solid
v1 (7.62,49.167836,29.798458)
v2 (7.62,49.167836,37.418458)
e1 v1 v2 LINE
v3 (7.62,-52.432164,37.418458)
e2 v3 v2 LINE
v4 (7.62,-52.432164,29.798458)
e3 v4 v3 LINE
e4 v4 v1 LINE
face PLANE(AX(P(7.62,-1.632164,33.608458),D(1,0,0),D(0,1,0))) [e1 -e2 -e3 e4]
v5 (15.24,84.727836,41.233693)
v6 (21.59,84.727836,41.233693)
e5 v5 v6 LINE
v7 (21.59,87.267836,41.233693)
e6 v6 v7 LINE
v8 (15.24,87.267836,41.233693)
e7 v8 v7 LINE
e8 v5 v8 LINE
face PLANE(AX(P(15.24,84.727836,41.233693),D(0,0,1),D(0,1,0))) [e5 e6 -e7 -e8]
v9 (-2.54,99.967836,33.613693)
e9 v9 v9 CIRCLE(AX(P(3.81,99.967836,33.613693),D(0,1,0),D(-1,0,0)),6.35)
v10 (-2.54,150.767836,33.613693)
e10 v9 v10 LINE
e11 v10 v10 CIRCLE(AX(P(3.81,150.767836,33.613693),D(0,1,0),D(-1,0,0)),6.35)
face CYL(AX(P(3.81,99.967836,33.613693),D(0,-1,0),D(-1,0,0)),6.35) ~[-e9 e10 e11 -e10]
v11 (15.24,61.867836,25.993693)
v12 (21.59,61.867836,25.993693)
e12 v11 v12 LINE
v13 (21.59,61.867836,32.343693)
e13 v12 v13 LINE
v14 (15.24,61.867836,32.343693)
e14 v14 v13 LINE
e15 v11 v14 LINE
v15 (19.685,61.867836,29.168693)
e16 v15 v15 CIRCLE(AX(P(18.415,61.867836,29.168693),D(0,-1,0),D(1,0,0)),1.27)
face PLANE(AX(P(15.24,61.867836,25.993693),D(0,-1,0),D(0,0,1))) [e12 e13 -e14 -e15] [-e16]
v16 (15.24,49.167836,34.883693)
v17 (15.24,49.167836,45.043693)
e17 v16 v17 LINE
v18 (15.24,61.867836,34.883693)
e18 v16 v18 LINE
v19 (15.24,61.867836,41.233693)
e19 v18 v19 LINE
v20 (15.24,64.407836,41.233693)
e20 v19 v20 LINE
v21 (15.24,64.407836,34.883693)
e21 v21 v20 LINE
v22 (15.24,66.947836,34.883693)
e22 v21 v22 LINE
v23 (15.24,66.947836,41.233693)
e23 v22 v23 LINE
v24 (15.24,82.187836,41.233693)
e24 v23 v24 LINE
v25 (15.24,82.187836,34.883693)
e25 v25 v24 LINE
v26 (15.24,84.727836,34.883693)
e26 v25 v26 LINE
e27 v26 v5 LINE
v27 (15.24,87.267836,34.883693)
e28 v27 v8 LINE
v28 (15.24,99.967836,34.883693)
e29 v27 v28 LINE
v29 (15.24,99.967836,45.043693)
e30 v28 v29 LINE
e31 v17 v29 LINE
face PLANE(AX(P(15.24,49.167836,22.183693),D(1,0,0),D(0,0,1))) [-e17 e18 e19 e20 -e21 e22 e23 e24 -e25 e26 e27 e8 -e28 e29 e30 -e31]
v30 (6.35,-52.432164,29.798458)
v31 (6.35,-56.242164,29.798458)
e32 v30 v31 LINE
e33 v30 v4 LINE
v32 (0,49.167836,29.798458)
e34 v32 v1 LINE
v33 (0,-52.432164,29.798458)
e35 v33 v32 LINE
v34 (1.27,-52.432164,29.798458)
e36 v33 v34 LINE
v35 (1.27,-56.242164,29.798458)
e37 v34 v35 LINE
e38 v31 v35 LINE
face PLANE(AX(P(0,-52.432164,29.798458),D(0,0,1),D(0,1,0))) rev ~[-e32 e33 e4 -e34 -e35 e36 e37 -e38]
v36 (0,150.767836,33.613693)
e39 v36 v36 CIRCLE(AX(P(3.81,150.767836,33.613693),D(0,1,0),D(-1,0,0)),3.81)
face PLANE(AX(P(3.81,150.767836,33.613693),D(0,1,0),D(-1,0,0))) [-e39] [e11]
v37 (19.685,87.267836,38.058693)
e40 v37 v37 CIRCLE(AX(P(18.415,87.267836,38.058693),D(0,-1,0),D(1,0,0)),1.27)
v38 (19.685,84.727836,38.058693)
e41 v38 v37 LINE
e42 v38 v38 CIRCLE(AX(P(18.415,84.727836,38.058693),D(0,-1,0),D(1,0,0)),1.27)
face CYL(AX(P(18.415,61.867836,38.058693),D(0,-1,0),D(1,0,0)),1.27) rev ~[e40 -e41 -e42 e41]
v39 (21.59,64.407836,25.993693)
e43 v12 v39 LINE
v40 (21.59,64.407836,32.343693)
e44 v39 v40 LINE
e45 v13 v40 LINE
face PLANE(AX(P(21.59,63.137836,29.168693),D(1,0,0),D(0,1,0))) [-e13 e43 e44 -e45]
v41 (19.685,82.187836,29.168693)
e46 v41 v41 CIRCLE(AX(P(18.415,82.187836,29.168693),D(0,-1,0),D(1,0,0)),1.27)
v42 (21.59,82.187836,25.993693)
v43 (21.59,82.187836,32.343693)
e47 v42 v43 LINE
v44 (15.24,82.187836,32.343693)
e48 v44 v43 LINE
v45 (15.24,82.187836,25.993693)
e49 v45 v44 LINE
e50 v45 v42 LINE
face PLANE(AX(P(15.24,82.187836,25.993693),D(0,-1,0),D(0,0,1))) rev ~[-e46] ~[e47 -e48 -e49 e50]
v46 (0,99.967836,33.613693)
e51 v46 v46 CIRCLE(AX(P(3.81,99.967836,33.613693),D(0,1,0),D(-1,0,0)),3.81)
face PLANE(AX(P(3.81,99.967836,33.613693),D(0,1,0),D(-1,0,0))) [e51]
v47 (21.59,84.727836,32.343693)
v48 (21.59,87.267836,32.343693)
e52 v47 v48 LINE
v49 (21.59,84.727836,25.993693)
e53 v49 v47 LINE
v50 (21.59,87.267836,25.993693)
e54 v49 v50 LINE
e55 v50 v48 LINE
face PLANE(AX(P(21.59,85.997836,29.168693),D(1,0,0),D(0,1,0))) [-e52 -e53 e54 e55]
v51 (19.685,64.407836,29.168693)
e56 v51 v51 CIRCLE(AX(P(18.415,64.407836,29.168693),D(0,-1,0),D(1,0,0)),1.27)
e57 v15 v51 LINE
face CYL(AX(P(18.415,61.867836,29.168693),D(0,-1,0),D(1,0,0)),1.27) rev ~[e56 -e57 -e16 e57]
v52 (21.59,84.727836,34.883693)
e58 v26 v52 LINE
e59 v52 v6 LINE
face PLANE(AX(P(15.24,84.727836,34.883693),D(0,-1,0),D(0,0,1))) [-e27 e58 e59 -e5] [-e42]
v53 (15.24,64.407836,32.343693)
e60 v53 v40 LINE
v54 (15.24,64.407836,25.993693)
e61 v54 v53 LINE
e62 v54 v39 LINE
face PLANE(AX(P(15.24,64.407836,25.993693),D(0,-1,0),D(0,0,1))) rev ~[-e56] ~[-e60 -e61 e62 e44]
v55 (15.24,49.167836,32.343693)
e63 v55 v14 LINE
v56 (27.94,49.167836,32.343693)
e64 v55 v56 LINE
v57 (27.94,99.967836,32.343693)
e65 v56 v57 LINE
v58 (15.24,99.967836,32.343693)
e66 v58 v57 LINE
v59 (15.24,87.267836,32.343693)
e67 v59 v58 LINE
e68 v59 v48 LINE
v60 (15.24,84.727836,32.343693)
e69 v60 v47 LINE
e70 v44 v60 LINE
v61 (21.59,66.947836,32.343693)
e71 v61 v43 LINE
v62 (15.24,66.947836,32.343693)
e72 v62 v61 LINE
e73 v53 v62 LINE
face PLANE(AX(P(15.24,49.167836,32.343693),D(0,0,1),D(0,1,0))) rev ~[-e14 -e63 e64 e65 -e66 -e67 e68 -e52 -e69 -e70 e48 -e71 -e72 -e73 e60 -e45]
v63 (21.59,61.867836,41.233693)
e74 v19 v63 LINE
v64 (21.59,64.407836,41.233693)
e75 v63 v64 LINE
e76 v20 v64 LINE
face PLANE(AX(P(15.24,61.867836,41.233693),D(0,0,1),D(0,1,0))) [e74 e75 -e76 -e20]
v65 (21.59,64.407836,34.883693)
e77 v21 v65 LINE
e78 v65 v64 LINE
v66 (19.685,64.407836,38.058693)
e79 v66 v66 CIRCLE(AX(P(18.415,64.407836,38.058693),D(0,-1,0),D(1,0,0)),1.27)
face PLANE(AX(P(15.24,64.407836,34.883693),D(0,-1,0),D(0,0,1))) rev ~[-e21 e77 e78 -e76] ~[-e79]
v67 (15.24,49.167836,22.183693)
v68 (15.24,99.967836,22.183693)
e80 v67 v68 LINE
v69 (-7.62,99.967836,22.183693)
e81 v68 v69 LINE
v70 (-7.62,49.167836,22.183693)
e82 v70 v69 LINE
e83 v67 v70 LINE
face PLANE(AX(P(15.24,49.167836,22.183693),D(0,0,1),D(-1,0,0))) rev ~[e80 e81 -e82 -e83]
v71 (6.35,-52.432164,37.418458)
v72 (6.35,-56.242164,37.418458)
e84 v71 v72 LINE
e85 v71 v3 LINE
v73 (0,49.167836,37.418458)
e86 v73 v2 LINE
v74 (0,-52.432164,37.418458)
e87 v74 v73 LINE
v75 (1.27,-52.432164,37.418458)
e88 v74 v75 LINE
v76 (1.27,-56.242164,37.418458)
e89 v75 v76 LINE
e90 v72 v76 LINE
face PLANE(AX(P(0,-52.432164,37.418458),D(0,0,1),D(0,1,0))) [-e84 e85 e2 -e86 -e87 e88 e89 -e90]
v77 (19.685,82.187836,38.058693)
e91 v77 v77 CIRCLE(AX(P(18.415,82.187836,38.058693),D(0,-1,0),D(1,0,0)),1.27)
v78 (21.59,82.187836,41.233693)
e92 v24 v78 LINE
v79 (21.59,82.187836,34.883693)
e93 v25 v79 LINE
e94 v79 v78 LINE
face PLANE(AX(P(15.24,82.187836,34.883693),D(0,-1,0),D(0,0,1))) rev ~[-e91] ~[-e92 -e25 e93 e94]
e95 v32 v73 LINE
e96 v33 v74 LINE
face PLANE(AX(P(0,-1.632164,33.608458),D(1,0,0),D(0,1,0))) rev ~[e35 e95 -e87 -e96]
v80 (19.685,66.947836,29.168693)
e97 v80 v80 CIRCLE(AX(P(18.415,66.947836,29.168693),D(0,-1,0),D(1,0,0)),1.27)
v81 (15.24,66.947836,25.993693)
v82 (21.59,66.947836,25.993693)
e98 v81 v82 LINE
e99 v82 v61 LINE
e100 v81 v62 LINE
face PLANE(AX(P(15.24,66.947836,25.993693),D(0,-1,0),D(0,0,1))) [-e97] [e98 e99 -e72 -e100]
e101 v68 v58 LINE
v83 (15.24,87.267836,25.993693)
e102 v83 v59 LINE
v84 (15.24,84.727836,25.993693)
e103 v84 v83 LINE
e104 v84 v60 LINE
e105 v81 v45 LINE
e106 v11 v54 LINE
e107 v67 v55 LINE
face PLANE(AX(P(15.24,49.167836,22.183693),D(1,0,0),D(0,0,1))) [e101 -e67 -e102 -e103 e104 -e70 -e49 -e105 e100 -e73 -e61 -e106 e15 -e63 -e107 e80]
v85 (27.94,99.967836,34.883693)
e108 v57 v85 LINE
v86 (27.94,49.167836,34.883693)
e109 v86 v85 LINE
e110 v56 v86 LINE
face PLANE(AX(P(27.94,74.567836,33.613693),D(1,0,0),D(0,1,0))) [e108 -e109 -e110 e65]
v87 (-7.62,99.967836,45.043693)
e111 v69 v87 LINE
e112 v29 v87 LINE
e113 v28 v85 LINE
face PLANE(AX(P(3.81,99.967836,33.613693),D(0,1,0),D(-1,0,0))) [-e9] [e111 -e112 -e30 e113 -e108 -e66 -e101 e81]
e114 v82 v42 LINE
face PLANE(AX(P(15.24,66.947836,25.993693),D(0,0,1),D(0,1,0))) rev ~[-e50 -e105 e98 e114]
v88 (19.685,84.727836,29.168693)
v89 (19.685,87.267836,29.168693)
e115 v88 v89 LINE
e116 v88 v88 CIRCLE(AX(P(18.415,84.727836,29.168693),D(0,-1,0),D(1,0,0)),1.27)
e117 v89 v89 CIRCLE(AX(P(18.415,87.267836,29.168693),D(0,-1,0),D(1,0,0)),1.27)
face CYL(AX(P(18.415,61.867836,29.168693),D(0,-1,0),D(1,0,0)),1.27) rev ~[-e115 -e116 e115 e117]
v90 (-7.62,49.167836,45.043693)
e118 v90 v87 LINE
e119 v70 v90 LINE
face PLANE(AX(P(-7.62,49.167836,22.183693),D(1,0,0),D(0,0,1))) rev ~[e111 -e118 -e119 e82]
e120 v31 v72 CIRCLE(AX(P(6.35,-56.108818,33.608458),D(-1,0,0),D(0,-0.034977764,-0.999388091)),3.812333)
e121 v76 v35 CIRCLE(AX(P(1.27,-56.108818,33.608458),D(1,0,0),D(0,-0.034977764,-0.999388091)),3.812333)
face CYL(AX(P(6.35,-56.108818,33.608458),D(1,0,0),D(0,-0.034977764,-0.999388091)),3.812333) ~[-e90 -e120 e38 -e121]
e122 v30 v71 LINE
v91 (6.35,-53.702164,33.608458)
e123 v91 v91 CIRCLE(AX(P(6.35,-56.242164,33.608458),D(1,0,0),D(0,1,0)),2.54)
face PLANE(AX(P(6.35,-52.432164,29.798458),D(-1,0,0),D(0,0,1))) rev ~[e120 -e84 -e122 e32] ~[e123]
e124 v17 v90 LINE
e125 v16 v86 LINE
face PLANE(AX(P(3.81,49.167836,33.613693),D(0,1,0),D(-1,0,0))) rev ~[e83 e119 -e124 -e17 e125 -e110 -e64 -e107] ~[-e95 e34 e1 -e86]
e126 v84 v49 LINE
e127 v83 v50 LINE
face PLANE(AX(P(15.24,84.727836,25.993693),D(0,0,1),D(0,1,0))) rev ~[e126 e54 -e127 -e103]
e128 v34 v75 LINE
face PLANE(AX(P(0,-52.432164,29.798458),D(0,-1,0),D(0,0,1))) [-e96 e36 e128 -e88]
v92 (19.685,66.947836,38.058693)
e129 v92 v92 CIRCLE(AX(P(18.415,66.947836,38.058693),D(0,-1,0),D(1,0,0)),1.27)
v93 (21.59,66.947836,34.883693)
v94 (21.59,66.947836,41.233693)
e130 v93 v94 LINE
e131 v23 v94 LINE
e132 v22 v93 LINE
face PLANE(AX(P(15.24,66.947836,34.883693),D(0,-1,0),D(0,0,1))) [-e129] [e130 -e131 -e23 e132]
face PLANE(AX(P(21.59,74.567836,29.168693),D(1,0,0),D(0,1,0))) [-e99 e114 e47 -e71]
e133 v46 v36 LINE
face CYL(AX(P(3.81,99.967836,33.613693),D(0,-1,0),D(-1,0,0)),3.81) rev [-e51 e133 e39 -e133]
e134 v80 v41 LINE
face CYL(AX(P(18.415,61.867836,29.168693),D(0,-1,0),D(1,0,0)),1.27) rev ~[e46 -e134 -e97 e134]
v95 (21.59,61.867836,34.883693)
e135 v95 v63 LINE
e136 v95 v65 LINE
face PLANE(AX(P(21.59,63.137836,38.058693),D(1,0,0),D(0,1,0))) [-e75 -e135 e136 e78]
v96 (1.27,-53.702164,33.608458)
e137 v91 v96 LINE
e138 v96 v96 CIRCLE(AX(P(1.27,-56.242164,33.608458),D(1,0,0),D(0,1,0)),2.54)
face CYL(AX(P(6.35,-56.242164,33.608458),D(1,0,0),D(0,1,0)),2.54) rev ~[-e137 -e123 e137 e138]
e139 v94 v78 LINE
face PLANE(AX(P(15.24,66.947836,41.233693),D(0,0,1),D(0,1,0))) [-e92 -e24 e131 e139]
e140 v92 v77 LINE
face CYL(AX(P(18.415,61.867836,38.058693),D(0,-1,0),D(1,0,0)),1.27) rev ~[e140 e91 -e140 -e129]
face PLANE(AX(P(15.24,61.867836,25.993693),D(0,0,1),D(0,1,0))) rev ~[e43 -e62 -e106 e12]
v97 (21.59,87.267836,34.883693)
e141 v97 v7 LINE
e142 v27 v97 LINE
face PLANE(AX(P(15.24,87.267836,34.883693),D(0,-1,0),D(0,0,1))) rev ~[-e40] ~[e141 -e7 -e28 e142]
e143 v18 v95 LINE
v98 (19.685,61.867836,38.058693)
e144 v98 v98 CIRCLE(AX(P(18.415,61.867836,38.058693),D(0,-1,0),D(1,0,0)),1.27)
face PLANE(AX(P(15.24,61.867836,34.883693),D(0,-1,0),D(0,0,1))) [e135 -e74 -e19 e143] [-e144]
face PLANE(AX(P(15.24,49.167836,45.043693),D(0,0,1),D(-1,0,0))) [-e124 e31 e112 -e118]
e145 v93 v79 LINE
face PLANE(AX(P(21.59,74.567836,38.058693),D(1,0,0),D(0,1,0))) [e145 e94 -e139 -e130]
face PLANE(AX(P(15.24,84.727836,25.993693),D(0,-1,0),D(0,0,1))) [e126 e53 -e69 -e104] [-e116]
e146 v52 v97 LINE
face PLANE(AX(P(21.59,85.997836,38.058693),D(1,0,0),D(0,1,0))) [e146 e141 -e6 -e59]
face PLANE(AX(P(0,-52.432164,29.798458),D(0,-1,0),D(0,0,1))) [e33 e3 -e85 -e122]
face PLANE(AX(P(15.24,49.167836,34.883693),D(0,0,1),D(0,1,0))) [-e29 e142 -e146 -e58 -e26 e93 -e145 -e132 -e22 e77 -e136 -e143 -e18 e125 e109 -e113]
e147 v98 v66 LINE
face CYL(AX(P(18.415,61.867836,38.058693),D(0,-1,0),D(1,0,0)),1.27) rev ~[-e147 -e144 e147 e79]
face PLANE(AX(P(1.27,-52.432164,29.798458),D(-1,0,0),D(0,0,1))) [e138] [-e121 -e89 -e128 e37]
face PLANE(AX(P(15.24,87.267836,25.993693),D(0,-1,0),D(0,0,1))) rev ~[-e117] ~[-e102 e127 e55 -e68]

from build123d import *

# Parameters (mm, degrees)
F0_W      = 101.6
F0_H      = 7.62
F1_DEPTH  = 7.62
F2_W      = 5.08
F2_H      = 7.62
F3_DEPTH  = 7.62
F4_R      = 2.54
F5_DEPTH  = 25.4
F6_W      = 22.86
F6_H      = 22.86
F6_W_2    = 7.62
F6_H_2    = 7.62
F7_DEPTH  = 50.8
F8_R      = 6.35
F8_R_2    = 3.81
F9_DEPTH  = 50.8
F10_W     = 50.8
F10_H     = 2.54
F11_DEPTH = 12.7
F12_W     = 2.54
F12_H     = 6.35
F12_W_2   = 15.24
F13_DEPTH = 6.35
F14_W     = 2.54
F14_H     = 6.35
F14_W_2   = 15.24
F15_DEPTH = 6.35
F16_R     = 1.27
F17_DEPTH = 25.4
F18_R     = 1.27
F19_DEPTH = 25.4


with BuildPart() as f1:
    # F0 (on Right) → F1 (new body)
    with BuildSketch(Plane.YZ):
        with Locations((-1.6321643911, 33.6084578316)):
            Rectangle(F0_W, F0_H)
    extrude(amount=F1_DEPTH)

    # F2 (on face) → F3 (join)
    with BuildSketch(Plane.XZ.offset(52.4321643911)):
        with Locations((3.81, 33.6084578316)):
            Rectangle(F2_W, F2_H)
    extrude(amount=F3_DEPTH)

    # F4 (on face) → F5 (cut)
    with BuildSketch(Plane.YZ.offset(6.35)):
        with Locations((-56.2421643911, 33.6084578316)):
            Circle(F4_R)
        with BuildLine():
            ThreePointArc((-56.2421643911, 29.7984578316), (-59.9211503168, 33.6084578316), (-56.2421643911, 37.4184578316))
            Line((-56.2421643911, 37.4184578316), (-60.0521643911, 37.4184578316))
            Line((-60.0521643911, 37.4184578316), (-60.0521643911, 29.7984578316))
            Line((-60.0521643911, 29.7984578316), (-56.2421643911, 29.7984578316))
        make_face()
    extrude(amount=-F5_DEPTH, mode=Mode.SUBTRACT)

    # F6 (on face) → F7 (join)
    with BuildSketch(Plane(origin=(0, 49.1678356089, 0), x_dir=(-1, 0, 0), z_dir=(0, 1, 0))):
        with Locations((-3.81, 33.6136929691)):
            Rectangle(F6_W, F6_H)
        with Locations((-3.81, 33.6084578316)):
            Rectangle(F6_W_2, F6_H_2, mode=Mode.SUBTRACT)
        with Locations((-3.81, 33.6084578316)):
            Rectangle(F6_W_2, F6_H_2)
    extrude(amount=F7_DEPTH)

    # F8 (on face) → F9 (join)
    with BuildSketch(Plane(origin=(0, 99.9678356089, 0), x_dir=(-1, 0, 0), z_dir=(0, 1, 0))):
        with Locations((-3.81, 33.6136929691)):
            Circle(F8_R)
        with Locations((-3.81, 33.6136929691)):
            Circle(F8_R_2, mode=Mode.SUBTRACT)
    extrude(amount=F9_DEPTH)

    # F10 (on face) → F11 (join)
    with BuildSketch(Plane.YZ.offset(15.24)):
        with Locations((74.5678356089, 33.6136929691)):
            Rectangle(F10_W, F10_H)
    extrude(amount=F11_DEPTH)

    # F12 (on face) → F13 (join)
    with BuildSketch(Plane.YZ.offset(15.24)):
        with Locations((63.1378356089, 38.0586929691)):
            Rectangle(F12_W, F12_H)
        with Locations((74.5678356089, 38.0586929691)):
            Rectangle(F12_W_2, F12_H)
        with Locations((85.9978356089, 38.0586929691)):
            Rectangle(F12_W, F12_H)
    extrude(amount=F13_DEPTH)

    # F14 (on face) → F15 (join)
    with BuildSketch(Plane.YZ.offset(15.24)):
        with Locations((63.1378356089, 29.1686929691)):
            Rectangle(F14_W, F14_H)
        with Locations((74.5678356089, 29.1686929691)):
            Rectangle(F14_W_2, F14_H)
        with Locations((85.9978356089, 29.1686929691)):
            Rectangle(F14_W, F14_H)
    extrude(amount=F15_DEPTH)

    # F16 (on face) → F17 (cut)
    with BuildSketch(Plane.XZ.offset(-61.8678356089)):
        with Locations((18.415, 38.0586929691)):
            Circle(F16_R)
    extrude(amount=-F17_DEPTH, mode=Mode.SUBTRACT)

    # F18 (on face) → F19 (cut)
    with BuildSketch(Plane.XZ.offset(-61.8678356089)):
        with Locations((18.415, 29.1686929691)):
            Circle(F18_R)
    extrude(amount=-F19_DEPTH, mode=Mode.SUBTRACT)


solid = f1.part
